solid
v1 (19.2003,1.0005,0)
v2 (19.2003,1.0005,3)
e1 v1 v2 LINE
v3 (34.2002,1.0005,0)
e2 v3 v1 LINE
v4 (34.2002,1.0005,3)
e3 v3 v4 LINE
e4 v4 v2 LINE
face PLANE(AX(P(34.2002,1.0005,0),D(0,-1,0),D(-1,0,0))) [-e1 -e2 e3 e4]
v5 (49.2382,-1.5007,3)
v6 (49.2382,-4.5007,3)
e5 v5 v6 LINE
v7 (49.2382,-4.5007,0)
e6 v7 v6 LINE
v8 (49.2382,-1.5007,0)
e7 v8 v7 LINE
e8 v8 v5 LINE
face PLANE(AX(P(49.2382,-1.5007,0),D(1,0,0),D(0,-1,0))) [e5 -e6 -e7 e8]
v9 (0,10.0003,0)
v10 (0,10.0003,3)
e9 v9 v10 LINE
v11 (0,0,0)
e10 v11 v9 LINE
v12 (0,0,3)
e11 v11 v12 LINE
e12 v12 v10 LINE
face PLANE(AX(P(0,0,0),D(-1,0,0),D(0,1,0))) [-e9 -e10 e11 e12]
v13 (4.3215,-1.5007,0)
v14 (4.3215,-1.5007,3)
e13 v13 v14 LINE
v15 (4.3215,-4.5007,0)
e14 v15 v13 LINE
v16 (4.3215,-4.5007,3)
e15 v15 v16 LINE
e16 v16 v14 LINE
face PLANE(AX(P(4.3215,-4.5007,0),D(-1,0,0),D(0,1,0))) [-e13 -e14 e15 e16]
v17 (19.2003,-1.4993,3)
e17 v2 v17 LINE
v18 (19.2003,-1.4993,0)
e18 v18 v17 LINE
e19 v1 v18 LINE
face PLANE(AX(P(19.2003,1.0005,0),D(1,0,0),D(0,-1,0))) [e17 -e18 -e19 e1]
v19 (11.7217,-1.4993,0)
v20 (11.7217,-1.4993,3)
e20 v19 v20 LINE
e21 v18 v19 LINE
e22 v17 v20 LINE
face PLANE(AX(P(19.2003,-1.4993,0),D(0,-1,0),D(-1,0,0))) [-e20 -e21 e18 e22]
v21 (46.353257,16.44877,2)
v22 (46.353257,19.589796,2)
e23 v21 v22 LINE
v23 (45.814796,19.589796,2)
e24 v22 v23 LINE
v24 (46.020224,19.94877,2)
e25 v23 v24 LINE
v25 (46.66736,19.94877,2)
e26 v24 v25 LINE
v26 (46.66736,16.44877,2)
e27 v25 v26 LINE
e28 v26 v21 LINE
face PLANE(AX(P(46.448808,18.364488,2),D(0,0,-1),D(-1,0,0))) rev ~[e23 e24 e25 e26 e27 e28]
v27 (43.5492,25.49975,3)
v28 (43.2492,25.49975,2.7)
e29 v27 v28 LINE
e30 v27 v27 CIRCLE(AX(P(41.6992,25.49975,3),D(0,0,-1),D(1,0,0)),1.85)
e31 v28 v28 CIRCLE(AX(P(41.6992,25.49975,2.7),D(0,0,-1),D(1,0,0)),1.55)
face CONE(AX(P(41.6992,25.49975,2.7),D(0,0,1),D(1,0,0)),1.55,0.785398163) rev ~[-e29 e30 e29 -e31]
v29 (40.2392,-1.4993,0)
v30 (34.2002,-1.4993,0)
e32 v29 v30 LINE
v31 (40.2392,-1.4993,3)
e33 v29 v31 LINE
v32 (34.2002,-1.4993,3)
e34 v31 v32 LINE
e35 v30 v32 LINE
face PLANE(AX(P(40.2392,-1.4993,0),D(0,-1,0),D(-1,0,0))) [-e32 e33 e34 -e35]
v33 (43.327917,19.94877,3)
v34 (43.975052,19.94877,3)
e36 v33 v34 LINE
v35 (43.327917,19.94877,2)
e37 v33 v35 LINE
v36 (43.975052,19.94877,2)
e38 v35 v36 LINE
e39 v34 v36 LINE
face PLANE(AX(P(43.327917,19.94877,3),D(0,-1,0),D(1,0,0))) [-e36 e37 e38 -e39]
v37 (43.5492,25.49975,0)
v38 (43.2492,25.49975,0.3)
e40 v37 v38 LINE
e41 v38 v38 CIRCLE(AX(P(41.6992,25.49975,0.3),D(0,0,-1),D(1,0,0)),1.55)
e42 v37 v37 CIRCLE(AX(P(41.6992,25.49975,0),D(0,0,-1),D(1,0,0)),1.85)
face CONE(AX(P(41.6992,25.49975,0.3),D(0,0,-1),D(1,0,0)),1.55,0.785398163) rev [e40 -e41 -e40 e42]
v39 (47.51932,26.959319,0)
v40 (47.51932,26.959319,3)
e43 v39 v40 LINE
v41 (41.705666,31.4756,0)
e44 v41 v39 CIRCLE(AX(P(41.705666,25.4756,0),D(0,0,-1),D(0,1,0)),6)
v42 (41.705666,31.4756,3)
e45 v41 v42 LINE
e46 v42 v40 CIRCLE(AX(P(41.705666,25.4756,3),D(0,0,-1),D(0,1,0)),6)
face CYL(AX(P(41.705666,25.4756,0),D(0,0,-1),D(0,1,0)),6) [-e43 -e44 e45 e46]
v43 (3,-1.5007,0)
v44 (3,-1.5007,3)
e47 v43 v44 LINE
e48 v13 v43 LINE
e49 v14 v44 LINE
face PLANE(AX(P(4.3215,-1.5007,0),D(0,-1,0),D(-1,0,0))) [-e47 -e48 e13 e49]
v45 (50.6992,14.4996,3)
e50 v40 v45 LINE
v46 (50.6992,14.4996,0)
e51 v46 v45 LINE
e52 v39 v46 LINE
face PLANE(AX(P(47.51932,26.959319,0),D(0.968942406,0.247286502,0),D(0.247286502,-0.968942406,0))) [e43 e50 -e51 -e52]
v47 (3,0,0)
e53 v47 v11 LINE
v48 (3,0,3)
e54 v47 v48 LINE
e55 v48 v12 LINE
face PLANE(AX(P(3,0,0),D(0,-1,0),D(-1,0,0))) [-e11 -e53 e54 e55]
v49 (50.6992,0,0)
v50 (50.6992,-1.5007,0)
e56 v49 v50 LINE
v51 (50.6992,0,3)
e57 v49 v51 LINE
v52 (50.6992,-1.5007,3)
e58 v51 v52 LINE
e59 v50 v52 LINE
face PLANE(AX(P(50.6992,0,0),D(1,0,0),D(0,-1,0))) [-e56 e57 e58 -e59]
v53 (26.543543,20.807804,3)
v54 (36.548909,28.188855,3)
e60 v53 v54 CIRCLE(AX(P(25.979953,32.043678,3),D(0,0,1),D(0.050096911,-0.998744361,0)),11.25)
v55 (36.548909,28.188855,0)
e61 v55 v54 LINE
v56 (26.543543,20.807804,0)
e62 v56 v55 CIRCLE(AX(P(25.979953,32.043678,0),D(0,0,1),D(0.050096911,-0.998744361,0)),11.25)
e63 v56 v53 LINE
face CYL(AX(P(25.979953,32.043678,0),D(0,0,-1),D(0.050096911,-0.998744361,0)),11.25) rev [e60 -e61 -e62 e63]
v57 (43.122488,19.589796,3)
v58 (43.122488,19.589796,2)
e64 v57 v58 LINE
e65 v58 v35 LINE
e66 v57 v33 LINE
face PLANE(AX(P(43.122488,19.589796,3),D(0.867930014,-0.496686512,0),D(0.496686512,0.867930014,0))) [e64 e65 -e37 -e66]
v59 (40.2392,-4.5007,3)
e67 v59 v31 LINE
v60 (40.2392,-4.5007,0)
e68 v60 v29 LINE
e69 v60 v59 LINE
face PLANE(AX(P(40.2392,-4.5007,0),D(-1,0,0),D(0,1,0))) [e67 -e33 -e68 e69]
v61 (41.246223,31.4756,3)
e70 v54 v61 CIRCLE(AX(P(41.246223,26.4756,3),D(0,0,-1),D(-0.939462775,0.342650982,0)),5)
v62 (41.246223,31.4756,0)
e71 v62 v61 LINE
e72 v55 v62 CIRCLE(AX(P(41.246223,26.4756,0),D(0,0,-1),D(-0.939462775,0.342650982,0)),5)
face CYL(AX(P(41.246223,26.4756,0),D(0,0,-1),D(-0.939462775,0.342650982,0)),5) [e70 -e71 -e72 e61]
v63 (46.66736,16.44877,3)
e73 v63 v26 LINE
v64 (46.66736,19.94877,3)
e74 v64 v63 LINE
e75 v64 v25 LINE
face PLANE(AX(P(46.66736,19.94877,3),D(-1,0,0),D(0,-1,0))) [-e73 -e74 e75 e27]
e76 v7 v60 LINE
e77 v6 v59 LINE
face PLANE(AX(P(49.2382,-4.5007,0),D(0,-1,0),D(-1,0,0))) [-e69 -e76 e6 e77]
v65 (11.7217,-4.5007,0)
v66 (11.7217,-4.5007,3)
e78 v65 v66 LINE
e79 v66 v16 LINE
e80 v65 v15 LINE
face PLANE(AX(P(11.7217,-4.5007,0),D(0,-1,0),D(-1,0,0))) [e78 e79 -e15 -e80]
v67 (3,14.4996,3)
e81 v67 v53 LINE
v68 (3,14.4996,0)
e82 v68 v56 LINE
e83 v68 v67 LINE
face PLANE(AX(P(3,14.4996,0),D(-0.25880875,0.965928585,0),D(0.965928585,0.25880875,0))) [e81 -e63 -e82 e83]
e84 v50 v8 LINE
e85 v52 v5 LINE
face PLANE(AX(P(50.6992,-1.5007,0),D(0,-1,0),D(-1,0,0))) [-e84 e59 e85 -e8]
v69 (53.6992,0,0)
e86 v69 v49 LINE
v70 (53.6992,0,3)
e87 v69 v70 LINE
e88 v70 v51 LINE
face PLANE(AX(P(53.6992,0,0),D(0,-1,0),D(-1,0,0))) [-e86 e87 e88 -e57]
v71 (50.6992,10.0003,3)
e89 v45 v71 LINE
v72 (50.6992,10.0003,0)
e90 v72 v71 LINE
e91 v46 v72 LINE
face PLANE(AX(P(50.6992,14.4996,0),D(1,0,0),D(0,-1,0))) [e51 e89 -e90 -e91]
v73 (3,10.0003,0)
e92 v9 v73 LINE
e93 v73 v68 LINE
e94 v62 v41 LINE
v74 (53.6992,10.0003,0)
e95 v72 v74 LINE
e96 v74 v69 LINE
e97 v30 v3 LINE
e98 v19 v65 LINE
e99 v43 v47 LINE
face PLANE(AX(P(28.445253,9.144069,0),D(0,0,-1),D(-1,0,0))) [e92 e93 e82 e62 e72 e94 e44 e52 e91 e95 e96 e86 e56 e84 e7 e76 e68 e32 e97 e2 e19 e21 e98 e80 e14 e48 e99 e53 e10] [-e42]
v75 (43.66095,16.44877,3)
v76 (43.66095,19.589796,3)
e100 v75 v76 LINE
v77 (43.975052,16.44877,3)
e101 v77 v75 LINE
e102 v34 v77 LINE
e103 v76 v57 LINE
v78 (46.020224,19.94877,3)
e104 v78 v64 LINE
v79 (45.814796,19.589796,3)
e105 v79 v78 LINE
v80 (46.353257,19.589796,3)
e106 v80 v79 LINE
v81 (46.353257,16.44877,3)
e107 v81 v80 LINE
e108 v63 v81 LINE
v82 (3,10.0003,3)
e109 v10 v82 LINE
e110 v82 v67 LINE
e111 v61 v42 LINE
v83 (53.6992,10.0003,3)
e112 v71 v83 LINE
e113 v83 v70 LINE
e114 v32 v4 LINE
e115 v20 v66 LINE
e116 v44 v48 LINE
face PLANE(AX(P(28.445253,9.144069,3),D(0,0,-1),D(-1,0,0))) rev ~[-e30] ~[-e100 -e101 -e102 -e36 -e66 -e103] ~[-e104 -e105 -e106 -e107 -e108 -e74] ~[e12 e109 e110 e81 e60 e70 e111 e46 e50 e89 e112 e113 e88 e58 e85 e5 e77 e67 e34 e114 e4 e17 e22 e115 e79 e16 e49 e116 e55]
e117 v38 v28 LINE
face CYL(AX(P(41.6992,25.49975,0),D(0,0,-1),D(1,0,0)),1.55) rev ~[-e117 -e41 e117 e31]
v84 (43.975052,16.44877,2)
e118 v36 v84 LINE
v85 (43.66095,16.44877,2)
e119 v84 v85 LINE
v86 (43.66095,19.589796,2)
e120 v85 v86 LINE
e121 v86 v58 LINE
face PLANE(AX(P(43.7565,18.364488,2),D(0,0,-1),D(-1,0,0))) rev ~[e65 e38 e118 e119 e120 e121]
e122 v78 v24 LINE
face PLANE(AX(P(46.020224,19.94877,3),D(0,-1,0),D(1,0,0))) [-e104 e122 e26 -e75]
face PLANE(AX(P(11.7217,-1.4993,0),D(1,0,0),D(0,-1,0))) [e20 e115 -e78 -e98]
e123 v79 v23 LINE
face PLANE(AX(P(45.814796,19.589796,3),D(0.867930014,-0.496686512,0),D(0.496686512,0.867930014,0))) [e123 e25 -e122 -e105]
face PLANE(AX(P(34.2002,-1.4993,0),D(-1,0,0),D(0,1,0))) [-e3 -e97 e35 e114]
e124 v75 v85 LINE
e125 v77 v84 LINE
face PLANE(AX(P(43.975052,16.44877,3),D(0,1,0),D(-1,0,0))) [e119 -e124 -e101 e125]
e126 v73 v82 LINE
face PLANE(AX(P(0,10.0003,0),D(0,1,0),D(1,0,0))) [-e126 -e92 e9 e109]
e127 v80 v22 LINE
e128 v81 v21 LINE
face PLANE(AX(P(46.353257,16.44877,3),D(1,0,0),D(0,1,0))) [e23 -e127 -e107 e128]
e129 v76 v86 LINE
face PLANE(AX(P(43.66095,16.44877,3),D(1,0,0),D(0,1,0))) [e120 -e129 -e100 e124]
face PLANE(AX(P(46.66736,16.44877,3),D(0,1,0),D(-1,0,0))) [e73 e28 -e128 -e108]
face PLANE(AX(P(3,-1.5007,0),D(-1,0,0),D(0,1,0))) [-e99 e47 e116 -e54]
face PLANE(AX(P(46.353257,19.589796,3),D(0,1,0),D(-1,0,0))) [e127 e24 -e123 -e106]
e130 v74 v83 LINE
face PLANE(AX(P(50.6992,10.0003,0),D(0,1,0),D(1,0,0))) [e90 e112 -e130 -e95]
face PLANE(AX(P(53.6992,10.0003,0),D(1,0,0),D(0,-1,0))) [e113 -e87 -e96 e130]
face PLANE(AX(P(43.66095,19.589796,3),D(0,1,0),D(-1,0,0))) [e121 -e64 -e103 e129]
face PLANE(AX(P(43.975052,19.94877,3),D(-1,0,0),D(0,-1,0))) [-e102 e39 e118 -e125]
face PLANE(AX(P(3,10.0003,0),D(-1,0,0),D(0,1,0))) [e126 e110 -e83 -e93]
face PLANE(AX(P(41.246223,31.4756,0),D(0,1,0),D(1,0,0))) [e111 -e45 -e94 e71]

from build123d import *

# Parameters (mm, degrees)
SKETCH_1_R          = 1.55
EXTRUDE_1_DEPTH     = 3
CUT_EXTRUDE_1_DEPTH = 1
CHAMFER_1_SIZE      = 0.3


with BuildPart() as part:
    # 草图1 → 凸台-拉伸1 (new body)
    with BuildSketch(Plane(origin=(0, 0, 0), x_dir=(-1, 0, 0), z_dir=(0, 0, -1))):
        with BuildLine():
            Line((-47.519320255, 26.959319012), (-50.6992, 14.4996))
            Line((-50.6992, 14.4996), (-50.6992, 10.0003))
            Line((-50.6992, 10.0003), (-53.6992, 10.0003))
            Line((-53.6992, 10.0003), (-53.6992, 0))
            Line((-53.6992, 0), (-50.6992, 0))
            Line((-50.6992, 0), (-50.6992, -1.5007))
            Line((-50.6992, -1.5007), (-49.2382, -1.5007))
            Line((-49.2382, -1.5007), (-49.2382, -4.5007))
            Line((-49.2382, -4.5007), (-40.2392, -4.5007))
            Line((-40.2392, -4.5007), (-40.2392, -1.4993))
            Line((-40.2392, -1.4993), (-34.2002, -1.4993))
            Line((-34.2002, -1.4993), (-34.2002, 1.0005))
            Line((-34.2002, 1.0005), (-19.2003, 1.0005))
            Line((-19.2003, 1.0005), (-19.2003, -1.4993))
            Line((-19.2003, -1.4993), (-11.7217, -1.4993))
            Line((-11.7217, -1.4993), (-11.7217, -4.5007))
            Line((-11.7217, -4.5007), (-4.3215, -4.5007))
            Line((-4.3215, -4.5007), (-4.3215, -1.5007))
            Line((-4.3215, -1.5007), (-3, -1.5007))
            Line((-3, -1.5007), (-3, 0))
            Line((-3, 0), (0, 0))
            Line((0, 0), (0, 10.0003))
            Line((0, 10.0003), (-3, 10.0003))
            Line((-3, 10.0003), (-3, 14.4996))
            Line((-3, 14.4996), (-26.543543046, 20.807804388))
            ThreePointArc((-26.543543046, 20.807804388), (-32.65852857, 22.990550509), (-36.548909006, 28.188854909))
            ThreePointArc((-36.548909006, 28.188854909), (-38.379715818, 30.572322748), (-41.246222879, 31.4756))
            Line((-41.246222879, 31.4756), (-41.70566582, 31.4756))
            ThreePointArc((-41.70566582, 31.4756), (-45.386541118, 30.213865193), (-47.519320255, 26.959319012))
        make_face()
        with Locations(Location((-41.6992, 25.49975, 0), (0, 0, 180))):
            Circle(SKETCH_1_R, mode=Mode.SUBTRACT)
    extrude(amount=-EXTRUDE_1_DEPTH)

    # 草图2 → 切除-拉伸1 (cut)
    with BuildSketch(Plane.XY.offset(3)):
        Polygon((43.327916651, 19.948770062), (43.975052068, 19.948770062), (43.975052068, 16.448770062), (43.660949504, 16.448770062), (43.660949504, 19.589795703), (43.122487965, 19.589795703), align=None)
        Polygon((46.020224344, 19.948770062), (46.66735976, 19.948770062), (46.66735976, 16.448770062), (46.353257196, 16.448770062), (46.353257196, 19.589795703), (45.814795658, 19.589795703), align=None)
    extrude(amount=-CUT_EXTRUDE_1_DEPTH, mode=Mode.SUBTRACT)

    # 倒角1
    chamfer_1_edges = [part.edges().sort_by_distance(p)[0] for p in [
        (40.1492, 25.49975, 3),
        (40.1492, 25.49975, 0),
    ]]
    chamfer(chamfer_1_edges, length=CHAMFER_1_SIZE)


solid = part.part
